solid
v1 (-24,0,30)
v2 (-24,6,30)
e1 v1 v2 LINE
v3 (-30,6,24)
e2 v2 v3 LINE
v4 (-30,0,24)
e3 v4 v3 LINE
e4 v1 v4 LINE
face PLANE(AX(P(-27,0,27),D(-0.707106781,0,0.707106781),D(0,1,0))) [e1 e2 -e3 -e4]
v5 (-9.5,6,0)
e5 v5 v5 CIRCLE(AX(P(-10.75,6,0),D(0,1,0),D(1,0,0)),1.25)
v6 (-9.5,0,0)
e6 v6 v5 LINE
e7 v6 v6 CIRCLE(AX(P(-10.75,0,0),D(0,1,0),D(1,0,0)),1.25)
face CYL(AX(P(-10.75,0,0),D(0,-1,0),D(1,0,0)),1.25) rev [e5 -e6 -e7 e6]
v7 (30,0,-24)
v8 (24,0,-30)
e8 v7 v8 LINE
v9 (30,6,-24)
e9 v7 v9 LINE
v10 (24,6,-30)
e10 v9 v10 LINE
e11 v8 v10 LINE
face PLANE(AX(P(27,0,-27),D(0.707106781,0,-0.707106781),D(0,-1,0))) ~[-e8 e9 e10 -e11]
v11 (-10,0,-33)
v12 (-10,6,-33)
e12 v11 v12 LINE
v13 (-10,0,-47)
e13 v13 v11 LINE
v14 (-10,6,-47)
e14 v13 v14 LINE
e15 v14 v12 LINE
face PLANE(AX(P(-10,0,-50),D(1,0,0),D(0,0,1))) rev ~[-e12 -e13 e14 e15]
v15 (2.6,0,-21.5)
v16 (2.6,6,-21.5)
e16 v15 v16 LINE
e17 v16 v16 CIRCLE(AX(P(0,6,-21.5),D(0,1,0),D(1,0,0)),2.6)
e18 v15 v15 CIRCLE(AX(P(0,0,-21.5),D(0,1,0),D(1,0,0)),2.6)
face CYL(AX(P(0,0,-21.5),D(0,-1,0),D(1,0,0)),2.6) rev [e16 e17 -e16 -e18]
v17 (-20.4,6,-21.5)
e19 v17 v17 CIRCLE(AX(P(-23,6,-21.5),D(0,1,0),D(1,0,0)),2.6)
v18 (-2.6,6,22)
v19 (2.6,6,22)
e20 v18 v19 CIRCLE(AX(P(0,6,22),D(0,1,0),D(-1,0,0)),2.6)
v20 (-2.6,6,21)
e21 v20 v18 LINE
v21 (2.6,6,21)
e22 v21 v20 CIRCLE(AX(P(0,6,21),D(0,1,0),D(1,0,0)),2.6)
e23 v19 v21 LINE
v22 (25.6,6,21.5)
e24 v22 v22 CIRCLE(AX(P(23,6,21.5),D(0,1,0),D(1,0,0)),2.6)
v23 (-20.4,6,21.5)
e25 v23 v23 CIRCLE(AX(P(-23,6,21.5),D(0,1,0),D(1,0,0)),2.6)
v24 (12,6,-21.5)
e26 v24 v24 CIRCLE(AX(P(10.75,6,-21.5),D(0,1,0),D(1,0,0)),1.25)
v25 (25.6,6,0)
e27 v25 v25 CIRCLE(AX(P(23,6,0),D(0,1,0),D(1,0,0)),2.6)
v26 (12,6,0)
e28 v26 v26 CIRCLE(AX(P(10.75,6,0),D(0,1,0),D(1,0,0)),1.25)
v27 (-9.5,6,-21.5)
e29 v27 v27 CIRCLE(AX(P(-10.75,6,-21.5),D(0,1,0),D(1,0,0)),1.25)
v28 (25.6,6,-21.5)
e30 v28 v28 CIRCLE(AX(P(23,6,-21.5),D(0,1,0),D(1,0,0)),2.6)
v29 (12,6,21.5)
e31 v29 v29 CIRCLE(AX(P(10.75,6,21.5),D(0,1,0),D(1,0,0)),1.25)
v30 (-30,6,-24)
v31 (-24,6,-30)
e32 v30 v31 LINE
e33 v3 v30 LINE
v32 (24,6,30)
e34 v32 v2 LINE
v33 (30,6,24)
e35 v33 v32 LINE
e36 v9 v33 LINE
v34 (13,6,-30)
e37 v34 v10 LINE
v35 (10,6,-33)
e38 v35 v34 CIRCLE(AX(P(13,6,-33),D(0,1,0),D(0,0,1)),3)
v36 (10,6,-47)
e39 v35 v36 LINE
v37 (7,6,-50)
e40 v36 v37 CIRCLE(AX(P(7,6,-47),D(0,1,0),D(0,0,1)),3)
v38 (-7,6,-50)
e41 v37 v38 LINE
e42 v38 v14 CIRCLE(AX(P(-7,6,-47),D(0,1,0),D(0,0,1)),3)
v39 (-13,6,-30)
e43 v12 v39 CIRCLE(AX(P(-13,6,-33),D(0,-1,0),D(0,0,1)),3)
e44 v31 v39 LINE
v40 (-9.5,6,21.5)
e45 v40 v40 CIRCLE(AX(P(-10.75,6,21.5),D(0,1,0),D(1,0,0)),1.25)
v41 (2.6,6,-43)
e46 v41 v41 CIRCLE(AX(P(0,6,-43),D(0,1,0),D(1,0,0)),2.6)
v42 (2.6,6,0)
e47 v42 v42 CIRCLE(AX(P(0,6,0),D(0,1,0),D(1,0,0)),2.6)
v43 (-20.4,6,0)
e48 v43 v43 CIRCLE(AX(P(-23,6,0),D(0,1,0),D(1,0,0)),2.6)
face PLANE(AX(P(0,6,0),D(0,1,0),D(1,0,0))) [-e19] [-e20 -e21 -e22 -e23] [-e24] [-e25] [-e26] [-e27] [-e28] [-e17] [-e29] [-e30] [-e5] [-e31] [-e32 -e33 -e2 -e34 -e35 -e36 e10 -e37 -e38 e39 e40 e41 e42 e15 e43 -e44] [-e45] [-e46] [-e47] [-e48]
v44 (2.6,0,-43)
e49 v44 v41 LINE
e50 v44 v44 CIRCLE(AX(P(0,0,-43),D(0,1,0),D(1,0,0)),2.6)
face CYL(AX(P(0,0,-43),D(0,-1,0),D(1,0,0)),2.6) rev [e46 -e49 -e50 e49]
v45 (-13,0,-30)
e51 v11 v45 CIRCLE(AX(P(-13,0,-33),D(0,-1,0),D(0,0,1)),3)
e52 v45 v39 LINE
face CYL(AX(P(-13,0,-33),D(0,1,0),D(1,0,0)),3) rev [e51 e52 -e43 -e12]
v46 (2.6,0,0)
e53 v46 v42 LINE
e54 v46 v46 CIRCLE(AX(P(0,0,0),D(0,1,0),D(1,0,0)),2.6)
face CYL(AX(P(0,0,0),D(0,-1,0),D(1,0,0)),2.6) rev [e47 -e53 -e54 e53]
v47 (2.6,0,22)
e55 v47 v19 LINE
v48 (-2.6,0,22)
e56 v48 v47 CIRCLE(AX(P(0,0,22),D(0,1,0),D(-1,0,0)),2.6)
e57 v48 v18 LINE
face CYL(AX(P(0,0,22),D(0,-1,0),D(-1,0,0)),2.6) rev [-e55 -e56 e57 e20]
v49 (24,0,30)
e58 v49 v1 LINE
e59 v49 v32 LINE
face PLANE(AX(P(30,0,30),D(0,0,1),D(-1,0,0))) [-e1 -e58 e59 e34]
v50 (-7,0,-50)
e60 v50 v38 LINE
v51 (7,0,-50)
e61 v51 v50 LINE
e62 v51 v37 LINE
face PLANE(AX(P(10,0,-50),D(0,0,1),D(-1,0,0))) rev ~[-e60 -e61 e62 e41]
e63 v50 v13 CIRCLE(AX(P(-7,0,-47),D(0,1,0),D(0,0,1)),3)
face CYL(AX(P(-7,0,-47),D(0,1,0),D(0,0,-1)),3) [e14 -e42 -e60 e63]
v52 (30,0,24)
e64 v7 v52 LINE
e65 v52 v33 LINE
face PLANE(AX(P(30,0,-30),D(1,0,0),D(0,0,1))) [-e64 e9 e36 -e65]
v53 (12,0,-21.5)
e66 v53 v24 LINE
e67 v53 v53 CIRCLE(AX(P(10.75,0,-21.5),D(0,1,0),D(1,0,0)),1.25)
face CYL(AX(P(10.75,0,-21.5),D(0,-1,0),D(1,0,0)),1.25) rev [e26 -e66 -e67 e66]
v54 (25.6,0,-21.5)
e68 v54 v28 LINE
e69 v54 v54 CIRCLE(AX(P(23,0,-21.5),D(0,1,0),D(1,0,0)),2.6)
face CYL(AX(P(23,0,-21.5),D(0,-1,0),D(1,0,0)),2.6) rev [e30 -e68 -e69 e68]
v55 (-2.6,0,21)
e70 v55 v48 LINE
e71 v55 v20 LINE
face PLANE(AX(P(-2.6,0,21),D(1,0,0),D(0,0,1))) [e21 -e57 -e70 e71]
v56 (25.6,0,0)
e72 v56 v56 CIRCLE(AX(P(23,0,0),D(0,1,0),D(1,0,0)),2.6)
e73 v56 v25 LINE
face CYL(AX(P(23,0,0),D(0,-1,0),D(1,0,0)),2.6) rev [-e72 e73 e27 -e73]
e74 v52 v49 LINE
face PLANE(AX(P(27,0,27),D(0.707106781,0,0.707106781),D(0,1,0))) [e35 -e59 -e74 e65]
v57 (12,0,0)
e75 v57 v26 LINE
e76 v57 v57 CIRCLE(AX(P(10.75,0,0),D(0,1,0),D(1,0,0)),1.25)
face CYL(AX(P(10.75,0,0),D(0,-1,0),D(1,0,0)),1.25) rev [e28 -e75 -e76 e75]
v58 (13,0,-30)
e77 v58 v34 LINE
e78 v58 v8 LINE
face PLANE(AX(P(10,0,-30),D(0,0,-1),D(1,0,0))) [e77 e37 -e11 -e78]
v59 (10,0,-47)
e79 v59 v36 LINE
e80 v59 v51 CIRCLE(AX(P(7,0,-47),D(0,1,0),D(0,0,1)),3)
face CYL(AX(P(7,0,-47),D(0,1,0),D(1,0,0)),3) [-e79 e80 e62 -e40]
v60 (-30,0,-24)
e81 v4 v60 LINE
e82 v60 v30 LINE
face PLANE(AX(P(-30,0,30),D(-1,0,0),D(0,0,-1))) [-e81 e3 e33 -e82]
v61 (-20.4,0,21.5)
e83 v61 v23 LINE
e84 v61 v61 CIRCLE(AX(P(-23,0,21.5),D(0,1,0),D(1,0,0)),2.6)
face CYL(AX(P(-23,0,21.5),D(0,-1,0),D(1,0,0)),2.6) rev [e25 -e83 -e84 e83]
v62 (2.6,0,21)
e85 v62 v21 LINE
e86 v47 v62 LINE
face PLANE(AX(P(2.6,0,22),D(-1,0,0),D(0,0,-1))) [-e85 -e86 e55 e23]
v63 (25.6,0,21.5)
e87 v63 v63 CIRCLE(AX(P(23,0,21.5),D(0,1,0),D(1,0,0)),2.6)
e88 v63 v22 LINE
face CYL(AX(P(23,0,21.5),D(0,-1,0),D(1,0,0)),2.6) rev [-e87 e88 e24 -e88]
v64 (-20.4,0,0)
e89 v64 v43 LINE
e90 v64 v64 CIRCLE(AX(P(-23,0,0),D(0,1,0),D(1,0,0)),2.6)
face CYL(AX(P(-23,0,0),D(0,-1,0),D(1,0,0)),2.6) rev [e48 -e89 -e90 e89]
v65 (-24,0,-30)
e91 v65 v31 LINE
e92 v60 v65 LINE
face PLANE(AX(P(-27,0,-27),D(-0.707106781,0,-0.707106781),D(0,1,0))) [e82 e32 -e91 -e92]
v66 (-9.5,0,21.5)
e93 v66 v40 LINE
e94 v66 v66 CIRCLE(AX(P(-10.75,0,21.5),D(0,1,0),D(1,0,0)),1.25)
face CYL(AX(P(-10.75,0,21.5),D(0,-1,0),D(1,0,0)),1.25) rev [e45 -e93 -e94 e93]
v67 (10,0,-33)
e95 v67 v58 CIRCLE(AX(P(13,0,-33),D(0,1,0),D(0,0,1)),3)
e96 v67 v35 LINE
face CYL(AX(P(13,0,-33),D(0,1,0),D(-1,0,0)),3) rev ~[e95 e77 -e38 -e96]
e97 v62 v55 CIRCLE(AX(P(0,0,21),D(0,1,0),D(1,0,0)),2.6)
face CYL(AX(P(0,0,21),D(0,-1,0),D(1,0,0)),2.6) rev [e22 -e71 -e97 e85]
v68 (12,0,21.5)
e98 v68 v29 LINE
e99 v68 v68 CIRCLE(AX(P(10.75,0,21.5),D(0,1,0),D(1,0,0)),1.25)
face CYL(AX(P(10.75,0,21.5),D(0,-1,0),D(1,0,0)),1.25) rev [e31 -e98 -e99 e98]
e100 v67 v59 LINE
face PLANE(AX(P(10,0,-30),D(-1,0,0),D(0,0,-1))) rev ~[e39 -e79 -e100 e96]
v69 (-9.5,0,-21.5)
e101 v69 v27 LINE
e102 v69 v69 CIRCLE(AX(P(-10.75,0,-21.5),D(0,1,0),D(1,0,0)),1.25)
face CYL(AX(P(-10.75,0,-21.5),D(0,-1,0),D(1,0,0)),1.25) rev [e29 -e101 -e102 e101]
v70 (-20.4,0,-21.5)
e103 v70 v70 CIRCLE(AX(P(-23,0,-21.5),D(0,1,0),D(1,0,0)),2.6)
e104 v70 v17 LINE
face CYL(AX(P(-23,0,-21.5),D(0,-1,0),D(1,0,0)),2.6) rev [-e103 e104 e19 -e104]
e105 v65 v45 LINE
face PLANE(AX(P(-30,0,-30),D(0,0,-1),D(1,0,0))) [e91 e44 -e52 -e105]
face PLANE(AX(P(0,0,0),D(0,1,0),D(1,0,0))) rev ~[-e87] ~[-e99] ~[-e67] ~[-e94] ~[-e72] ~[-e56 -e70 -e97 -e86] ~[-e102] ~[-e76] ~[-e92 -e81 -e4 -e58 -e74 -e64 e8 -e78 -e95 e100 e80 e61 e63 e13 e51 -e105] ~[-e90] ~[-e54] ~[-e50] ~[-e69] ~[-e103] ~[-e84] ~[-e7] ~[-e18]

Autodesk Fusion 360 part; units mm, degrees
sketch "Sketch1" plane through (0, 0, 0) normal (0, 1, 0) x (1, 0, 0)
  line L0 (30, 30) -> (30, -30)
  line L1 (30, -30) -> (-30, -30)
  line L2 (-30, -30) -> (-30, 30)
  line L3 (-30, 30) -> (30, -30) construction
  line L4 (30, 30) -> (-30, -30) construction
  line L5 (10, 30) -> (10, 50)
  line L6 (10, 50) -> (-10, 50)
  line L7 (-10, 50) -> (-10, 30)
  line L8 (-30, 30) -> (-10, 30)
  line L9 (10, 30) -> (30, 30)
  circle A0 centre (0, 43) radius 2.6
  line L10 (-30, 0) -> (30, 0) construction
  circle A1 centre (0, 21.5) radius 2.6
  circle A2 centre (-23, 21.5) radius 2.6
  circle A3 centre (23, 21.5) radius 2.6
  circle A4 centre (-10.75, 21.5) radius 1.25
  circle A5 centre (10.75, 21.5) radius 1.25
  circle A6 centre (-23, 0) radius 2.6
  circle A7 centre (-10.75, 0) radius 1.25
  circle A8 centre (0, 0) radius 2.6
  circle A9 centre (10.75, 0) radius 1.25
  circle A10 centre (23, 0) radius 2.6
  circle A11 centre (-23, -21.5) radius 2.6
  circle A12 centre (-10.75, -21.5) radius 1.25
  circle A13 centre (10.75, -21.5) radius 1.25
  circle A14 centre (23, -21.5) radius 2.6
  line L11 (-2.6, -21) -> (-2.6, -22)
  arc A15 (-2.6, -22) -> (2.6, -22) centre (0, -22) ccw
  line L12 (2.6, -22) -> (2.6, -21)
  arc A16 (2.6, -21) -> (-2.6, -21) centre (0, -21) ccw
  point P0 (0, -21.5)
  dimension "d4" = 60
  dimension "d5" = 60
  dimension "d7" = 20
  dimension "d8" = 20
  dimension "d9" = 5.2
  dimension "d10" = 7
  dimension "d11" = 5.2
  dimension "d12" = 21.5
  dimension "d13" = 5.2
  dimension "d14" = 5.2
  dimension "d15" = 23
  dimension "d16" = 23
  dimension "d17" = 2.5
  dimension "d18" = 2.5
  dimension "d19" = 10.75
  dimension "d20" = 10.75
  dimension "d24" = 21.5
  dimension "d25" = 0
  dimension "d28" = 5.2
  dimension "d29" = 0.5
extrude "Extrude1" add sketch "Sketch1" along normal blind 6
chamfer "Chamfer1" distance 6 angle 45 4 edges at (30, 3, 30) (30, 3, -30) (-30, 3, 30) (-30, 3, -30)
fillet "Fillet1" radius 3 2 edges at (10, 3, -50) (-10, 3, -50)
fillet "Fillet2" radius 3 2 edges at (10, 3, -30) (-10, 3, -30)
equation "larger_hole_radii = 2.6 mm"
equation "small_hole_Radii = 1.25 mm"
equation "base_sqaure_dim = 60 mm"
equation "d4 = base_sqaure_dim"
equation "d5 = base_sqaure_dim"
equation "square_extension = 20 mm"
equation "d7 = square_extension"
equation "d8 = square_extension"
equation "d9 = larger_hole_radii * 2"
equation "d11 = larger_hole_radii * 2"
equation "d13 = 2 * larger_hole_radii"
equation "d14 = 2 * larger_hole_radii"
equation "d17 = small_hole_Radii * 2"
equation "d18 = small_hole_Radii * 2"
equation "dist_between_Rows = 21.50 mm"
equation "slot_height = 5.20 mm"
equation "slot_width = 0.50 mm"
equation "d28 = slot_height"
equation "d29 = slot_width"
equation "ext = 6.0 mm"
equation "d31 = ext"
equation "d33 = ext"
equation "fillet_top = 3 mm"
equation "d36 = fillet_top"
equation "d38 = fillet_top"
